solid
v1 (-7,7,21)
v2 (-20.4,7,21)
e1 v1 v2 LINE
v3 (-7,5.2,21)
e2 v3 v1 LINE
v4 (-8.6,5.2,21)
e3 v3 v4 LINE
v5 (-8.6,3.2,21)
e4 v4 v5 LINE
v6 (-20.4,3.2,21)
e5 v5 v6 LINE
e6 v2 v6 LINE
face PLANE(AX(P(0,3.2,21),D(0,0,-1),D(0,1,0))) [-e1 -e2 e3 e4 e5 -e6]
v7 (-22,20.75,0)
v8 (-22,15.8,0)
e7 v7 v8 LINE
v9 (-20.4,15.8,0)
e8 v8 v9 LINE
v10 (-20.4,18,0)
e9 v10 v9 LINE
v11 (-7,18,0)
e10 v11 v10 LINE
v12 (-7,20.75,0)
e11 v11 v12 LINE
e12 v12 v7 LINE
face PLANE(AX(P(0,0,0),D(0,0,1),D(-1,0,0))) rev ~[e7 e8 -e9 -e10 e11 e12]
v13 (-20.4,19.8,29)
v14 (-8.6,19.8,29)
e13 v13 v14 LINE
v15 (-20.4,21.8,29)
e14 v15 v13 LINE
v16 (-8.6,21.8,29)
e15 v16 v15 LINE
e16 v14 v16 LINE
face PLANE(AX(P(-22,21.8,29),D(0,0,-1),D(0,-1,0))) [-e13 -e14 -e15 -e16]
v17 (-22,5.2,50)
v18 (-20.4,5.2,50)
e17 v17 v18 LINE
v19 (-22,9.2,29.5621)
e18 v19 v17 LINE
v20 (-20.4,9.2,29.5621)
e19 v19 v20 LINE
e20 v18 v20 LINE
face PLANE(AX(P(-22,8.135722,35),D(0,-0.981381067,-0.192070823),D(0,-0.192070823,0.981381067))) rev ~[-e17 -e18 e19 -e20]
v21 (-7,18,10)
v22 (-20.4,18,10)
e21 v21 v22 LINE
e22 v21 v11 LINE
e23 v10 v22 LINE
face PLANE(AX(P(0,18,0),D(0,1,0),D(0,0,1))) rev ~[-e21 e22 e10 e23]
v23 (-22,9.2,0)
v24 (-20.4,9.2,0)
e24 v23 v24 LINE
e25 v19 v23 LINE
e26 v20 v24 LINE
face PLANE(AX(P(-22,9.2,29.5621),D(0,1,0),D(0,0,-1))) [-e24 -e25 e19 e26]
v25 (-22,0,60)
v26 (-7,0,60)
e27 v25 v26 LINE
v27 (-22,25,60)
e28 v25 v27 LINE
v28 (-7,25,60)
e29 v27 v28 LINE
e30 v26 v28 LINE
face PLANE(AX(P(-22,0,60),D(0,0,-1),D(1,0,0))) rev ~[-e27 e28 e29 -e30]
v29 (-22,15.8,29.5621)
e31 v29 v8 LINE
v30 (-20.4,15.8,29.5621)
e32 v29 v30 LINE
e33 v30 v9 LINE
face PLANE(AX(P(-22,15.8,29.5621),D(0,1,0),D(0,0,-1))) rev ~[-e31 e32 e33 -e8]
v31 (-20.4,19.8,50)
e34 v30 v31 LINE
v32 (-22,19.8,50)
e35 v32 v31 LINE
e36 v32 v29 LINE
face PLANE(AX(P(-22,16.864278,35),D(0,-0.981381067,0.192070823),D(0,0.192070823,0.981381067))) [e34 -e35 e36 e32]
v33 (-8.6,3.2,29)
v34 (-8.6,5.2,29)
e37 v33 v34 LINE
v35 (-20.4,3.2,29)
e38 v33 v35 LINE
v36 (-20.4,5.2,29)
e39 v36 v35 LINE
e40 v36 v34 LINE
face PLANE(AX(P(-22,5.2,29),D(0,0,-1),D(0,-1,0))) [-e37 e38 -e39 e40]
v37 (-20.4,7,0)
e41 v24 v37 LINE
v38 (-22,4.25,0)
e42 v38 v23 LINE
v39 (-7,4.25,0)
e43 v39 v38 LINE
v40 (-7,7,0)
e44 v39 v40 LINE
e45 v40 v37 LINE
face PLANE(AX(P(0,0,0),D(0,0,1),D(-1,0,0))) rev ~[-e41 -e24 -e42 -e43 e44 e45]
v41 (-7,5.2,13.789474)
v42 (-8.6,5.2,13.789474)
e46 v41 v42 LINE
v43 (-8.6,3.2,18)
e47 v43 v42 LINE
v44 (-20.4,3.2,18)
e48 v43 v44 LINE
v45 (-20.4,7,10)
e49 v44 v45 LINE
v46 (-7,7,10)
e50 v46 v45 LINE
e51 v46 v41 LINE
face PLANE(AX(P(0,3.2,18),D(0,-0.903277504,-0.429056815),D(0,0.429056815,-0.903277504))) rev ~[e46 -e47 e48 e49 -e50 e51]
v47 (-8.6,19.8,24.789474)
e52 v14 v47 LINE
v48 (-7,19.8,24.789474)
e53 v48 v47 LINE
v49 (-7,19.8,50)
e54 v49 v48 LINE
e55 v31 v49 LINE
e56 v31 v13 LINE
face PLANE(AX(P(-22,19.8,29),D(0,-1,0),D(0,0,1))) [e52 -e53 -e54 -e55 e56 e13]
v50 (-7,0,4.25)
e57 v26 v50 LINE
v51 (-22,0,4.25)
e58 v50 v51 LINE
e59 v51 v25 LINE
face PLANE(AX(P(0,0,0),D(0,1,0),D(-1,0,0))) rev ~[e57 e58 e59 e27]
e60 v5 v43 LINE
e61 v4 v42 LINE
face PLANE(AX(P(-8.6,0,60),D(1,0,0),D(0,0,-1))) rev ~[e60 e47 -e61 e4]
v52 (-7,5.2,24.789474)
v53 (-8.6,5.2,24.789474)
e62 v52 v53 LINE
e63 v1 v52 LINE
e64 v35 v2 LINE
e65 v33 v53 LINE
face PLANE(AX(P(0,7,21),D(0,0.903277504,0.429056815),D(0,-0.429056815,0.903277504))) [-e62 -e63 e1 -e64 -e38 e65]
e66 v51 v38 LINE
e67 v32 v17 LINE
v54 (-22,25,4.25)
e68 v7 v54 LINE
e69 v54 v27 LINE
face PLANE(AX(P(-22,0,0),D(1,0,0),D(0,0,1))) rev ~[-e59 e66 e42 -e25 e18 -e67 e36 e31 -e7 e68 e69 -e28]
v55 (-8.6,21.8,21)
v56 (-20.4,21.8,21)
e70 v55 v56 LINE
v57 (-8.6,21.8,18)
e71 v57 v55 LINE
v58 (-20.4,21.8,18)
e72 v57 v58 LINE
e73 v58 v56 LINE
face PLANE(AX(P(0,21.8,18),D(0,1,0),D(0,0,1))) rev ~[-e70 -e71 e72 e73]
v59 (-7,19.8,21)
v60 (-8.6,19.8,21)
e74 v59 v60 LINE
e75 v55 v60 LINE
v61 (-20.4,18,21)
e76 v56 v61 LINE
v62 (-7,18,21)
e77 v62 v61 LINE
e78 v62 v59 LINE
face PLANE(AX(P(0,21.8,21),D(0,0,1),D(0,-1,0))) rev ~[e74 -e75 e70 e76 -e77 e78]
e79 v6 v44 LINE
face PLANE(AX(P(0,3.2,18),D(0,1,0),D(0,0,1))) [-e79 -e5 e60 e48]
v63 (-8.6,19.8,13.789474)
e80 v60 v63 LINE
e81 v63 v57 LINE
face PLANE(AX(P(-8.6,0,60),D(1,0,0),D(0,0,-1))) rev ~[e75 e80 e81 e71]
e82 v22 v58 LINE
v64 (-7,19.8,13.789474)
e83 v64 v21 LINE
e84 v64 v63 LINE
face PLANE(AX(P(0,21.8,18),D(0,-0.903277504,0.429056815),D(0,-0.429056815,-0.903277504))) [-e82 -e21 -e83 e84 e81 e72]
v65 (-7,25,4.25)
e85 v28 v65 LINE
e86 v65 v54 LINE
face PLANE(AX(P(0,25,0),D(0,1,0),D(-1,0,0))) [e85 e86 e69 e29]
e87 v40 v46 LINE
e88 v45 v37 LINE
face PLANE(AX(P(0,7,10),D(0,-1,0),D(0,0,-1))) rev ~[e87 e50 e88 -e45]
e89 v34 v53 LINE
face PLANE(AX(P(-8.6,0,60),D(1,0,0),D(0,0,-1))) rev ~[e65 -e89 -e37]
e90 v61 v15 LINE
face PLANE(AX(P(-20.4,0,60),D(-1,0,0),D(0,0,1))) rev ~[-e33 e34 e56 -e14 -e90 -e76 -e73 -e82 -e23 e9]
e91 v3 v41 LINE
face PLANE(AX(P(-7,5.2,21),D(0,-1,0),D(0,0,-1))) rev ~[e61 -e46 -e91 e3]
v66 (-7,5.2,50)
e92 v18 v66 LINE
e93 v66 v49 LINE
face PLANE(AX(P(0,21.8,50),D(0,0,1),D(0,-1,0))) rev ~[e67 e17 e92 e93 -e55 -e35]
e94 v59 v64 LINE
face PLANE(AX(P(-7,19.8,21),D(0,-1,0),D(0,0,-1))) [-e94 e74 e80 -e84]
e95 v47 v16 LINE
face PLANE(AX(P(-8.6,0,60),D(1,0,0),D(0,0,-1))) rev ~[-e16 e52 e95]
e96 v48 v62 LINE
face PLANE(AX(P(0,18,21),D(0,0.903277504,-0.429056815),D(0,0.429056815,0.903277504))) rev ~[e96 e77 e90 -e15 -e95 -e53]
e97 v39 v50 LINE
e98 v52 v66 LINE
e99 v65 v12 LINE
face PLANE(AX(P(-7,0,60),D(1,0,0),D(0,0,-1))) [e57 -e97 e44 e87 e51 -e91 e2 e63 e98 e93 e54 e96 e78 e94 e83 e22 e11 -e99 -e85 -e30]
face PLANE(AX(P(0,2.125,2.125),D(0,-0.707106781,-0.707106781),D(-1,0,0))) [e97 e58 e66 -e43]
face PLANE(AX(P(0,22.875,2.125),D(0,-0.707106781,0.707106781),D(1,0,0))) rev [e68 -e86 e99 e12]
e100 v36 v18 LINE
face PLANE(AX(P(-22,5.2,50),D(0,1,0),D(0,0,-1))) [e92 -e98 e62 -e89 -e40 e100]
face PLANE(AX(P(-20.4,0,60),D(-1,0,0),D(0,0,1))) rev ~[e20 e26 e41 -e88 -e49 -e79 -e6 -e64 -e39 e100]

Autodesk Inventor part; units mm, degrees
ref_plane "YZ Plane" through (0, 0, 0) normal (1, 0, 0) x (0, 1, 0)
ref_plane "XZ Plane" through (0, 0, 0) normal (0, 1, 0) x (-1, 0, 0)
ref_plane "XY Plane" through (0, 0, 0) normal (0, 0, 1) x (1, 0, 0)
sketch "Эскиз1" plane through (0, 0, 0) normal (0, 1, 0) x (-1, 0, 0)
  line L0 (0, 0) -> (22, 0)
  line L1 (22, 0) -> (22, 60)
  line L2 (22, 60) -> (0, 60)
  line L3 (0, 60) -> (0, 0)
  dimension "d0" = 22
  dimension "d1" = 60
extrude "Выдавливание1" add sketch "Эскиз1" along normal blind 25
sketch "Эскиз2" plane through (0, 0, 60) normal (1, 0, 0) x (0, 0, -1)
  line L0 (60, 25) -> (0, 25) projected
  line L1 (60, 25) -> (60, 21.8)
  line L2 (60, 0) -> (60, 25) projected
  line L3 (60, 21.8) -> (20, 21.8)
  line L4 (60, 0) -> (0, 0) projected
  line L5 (60, 0) -> (60, 3.2)
  line L6 (60, 3.2) -> (20, 3.2)
  line L7 (20, 25) -> (20, 0)
  line L8 (20, 21.8) -> (28, 21.8)
  line L9 (20, 12.5) -> (60, 12.5)
  line L10 (60, 12.5) -> (60, 18)
  line L11 (60, 18) -> (13, 18)
  line L12 (28, 21.8) -> (28, 18)
  line L13 (28, 18) -> (20, 21.8)
  line L14 (28, 21.8) -> (31, 21.8)
  line L15 (31, 21.8) -> (39, 21.8)
  line L16 (39, 21.8) -> (39, 18)
  line L17 (39, 18) -> (31, 21.8)
  line L18 (39, 21.8) -> (42, 21.8)
  line L19 (42, 21.8) -> (50, 21.8)
  line L20 (50, 21.8) -> (50, 18)
  line L21 (42, 21.8) -> (50, 18)
  line L22 (20, 3.2) -> (28, 3.2)
  line L23 (28, 3.2) -> (28, 7)
  line L24 (28, 7) -> (20, 3.2)
  line L25 (31, 3.2) -> (39, 3.2)
  line L26 (39, 3.2) -> (39, 7)
  line L27 (39, 7) -> (31, 3.2)
  line L28 (42, 3.2) -> (50, 3.2)
  line L29 (50, 3.2) -> (50, 7)
  line L30 (42, 3.2) -> (50, 7)
  line L31 (50, 7) -> (63, 7)
  point P0 (22, 21.8)
  point P1 (60, 7)
  dimension "d4" = 3.2
  dimension "d5" = 3.2
  dimension "d6" = 40
  dimension "d7" = 5.5
  dimension "d8" = 8
  dimension "d9" = 8
  dimension "d10" = 3
  dimension "d11" = 8
extrude "Выдавливание2" cut sketch "Эскиз2" against normal through all contours L13 L11 L7 | L2 L9 L7 L11 | L3 L17 L11 L12 | L2 L31 L30 L6 L26 L27 L23 L24 L7 L9 | L11 L16 L3 L21
sketch "Эскиз3" plane through (0, 0, 60) normal (1, 0, 0) x (0, 0, -1)
  line L0 (50, 18) -> (60, 18) projected
  line L1 (60, 18) -> (60, 25) projected
  line L2 (0, 25) -> (60, 25) projected
  line L3 (0, 0) -> (0, 25) projected
  line L4 (0, 0) -> (60, 0) projected
  line L5 (60, 0) -> (60, 7) projected
  line L6 (60, 7) -> (50, 7) projected
  line L7 (50, 7) -> (42, 3.2) projected
  line L8 (42, 3.2) -> (39, 3.2) projected
  line L9 (39, 3.2) -> (39, 7) projected
  line L10 (39, 7) -> (31, 3.2) projected
  line L11 (31, 3.2) -> (28, 3.2) projected
  line L12 (28, 3.2) -> (28, 7) projected
  line L13 (28, 7) -> (20, 3.2) projected
  line L14 (20, 3.2) -> (20, 21.8) projected
  line L15 (20, 21.8) -> (28, 18) projected
  line L16 (28, 18) -> (28, 21.8) projected
  line L17 (28, 21.8) -> (31, 21.8) projected
  line L18 (31, 21.8) -> (39, 18) projected
  line L19 (39, 18) -> (39, 21.8) projected
  line L20 (39, 21.8) -> (42, 21.8) projected
  line L21 (42, 21.8) -> (50, 18) projected
chamfer "Фаска1" distance 4.25 angle 45 2 edges at (-11, 0, 0) (-11, 25, 0)
sketch "Эскиз4" plane through (0, 0, 60) normal (1, 0, 0) x (0, 0, -1)
  line L0 (20, 21.8) -> (28, 18) projected
  line L1 (20, 21.8) -> (31, 21.8)
  line L2 (31, 21.8) -> (31, 16.575)
  line L3 (31, 16.575) -> (20, 16.575)
  line L4 (20, 16.575) -> (20, 21.8)
  line L5 (20, 3.2) -> (20, 21.8) projected
  line L6 (20, 3.2) -> (30, 3.2)
  line L7 (30, 3.2) -> (30, 12)
  line L8 (30, 12) -> (20, 12)
  line L9 (20, 12) -> (20, 3.2)
  line L10 (20, 21.8) -> (10, 21.8)
  line L11 (10, 21.8) -> (10, 3.2)
  line L12 (10, 3.2) -> (20, 3.2)
  line L13 (20, 3.2) -> (20, 21.8)
  point P0 (60, 0)
extrude "Выдавливание3" cut sketch "Эскиз4" against normal through all
sketch "Эскиз5" plane through (0, 0, 60) normal (1, 0, 0) x (0, 0, -1)
  line L0 (31, 3.2) -> (10, 3.2) projected
  line L1 (10, 3.2) -> (10, 21.8) projected
  line L2 (10, 21.8) -> (31, 21.8) projected
  line L3 (31, 21.8) -> (39, 18) projected
  line L4 (39, 18) -> (39, 21.8) projected
  line L5 (39, 21.8) -> (42, 21.8) projected
  line L6 (42, 21.8) -> (50, 18) projected
  line L7 (50, 18) -> (60, 18) projected
  line L8 (60, 18) -> (60, 20.75) projected
  line L9 (55.75, 25) -> (60, 20.75) projected
  line L10 (0, 25) -> (55.75, 25) projected
  line L11 (0, 0) -> (0, 25) projected
  line L12 (0, 0) -> (55.75, 0) projected
  line L13 (60, 4.25) -> (55.75, 0) projected
  line L14 (60, 4.25) -> (60, 7) projected
  line L15 (60, 7) -> (50, 7) projected
  line L16 (50, 7) -> (42, 3.2) projected
  line L17 (42, 3.2) -> (39, 3.2) projected
  line L18 (39, 3.2) -> (39, 7) projected
  line L19 (39, 7) -> (31, 3.2) projected
  point P0 (60, 0)
extrude "Выдавливание4" cut sketch "Эскиз5" against normal blind 7
sketch "Эскиз6" plane through (-22, 0, 60) normal (-1, 0, 0) x (0, 0, 1)
  line L0 (-10, 21.8) -> (-10, 3.2) projected
  line L1 (-10, 3.2) -> (-10, 5.2)
  line L2 (-10, 5.2) -> (-31, 5.2)
  line L3 (-31, 5.2) -> (-31, 3.2)
  line L4 (-10, 3.2) -> (-31, 3.2) projected
  line L5 (-31, 3.2) -> (-39, 7) projected
  line L6 (-39, 7) -> (-39, 3.2) projected
  line L7 (-39, 3.2) -> (-42, 3.2) projected
  line L8 (-42, 3.2) -> (-50, 7) projected
  line L9 (-50, 7) -> (-60, 7) projected
  line L10 (-60, 4.25) -> (-60, 7) projected
  line L11 (-55.75, 0) -> (-60, 4.25) projected
  line L12 (-55.75, 0) -> (0, 0) projected
  line L13 (0, 0) -> (0, 25) projected
  line L14 (-55.75, 25) -> (0, 25) projected
  line L15 (-60, 20.75) -> (-55.75, 25) projected
  line L16 (-60, 18) -> (-60, 20.75) projected
  line L17 (-60, 18) -> (-50, 18) projected
  line L18 (-50, 18) -> (-42, 21.8) projected
  line L19 (-42, 21.8) -> (-39, 21.8) projected
  line L20 (-39, 21.8) -> (-39, 18) projected
  line L21 (-39, 18) -> (-31, 21.8) projected
  line L22 (-31, 21.8) -> (-10, 21.8) projected
  line L23 (-10, 21.8) -> (-10, 3.2) projected
  line L24 (-10, 21.8) -> (-31, 21.8)
  line L25 (-31, 21.8) -> (-31, 19.8)
  line L26 (-31, 19.8) -> (-10, 19.8)
  line L27 (-10, 19.8) -> (-10, 21.8)
  point P0 (-60, 0)
  point P1 (-31, 3.2)
  point P2 (-31, 21.8)
  dimension "d21" = 2
  dimension "d22" = 21
  dimension "d23" = 2
extrude "Выдавливание5" add sketch "Эскиз6" against normal up to surface (15 mm away) contours L0 L26 L25 L22 | L0 L4 L3 L2
sketch "Эскиз7" plane through (-22, 0, 60) normal (-1, 0, 0) x (0, 0, 1)
  line L0 (-10, 19.8) -> (-10, 5.2) projected
  line L1 (-10, 5.2) -> (-25, 5.2)
  line L2 (-25, 5.2) -> (-25, 9.2)
  line L3 (-25, 9.2) -> (-10, 9.2)
  line L4 (-10, 9.2) -> (-10, 5.2)
  line L5 (-10, 19.8) -> (-25, 19.8)
  line L6 (-25, 19.8) -> (-25, 15.8)
  line L7 (-25, 15.8) -> (-10, 15.8)
  line L8 (-10, 15.8) -> (-10, 19.8)
  line L9 (-31, 3.2) -> (-39, 7) projected
  line L10 (-39, 7) -> (-39, 3.2) projected
  line L11 (-39, 3.2) -> (-42, 3.2) projected
  line L12 (-42, 3.2) -> (-50, 7) projected
  line L13 (-50, 7) -> (-60, 7) projected
  line L14 (-60, 4.25) -> (-60, 7) projected
  line L15 (-55.75, 0) -> (-60, 4.25) projected
  line L16 (-55.75, 0) -> (0, 0) projected
  line L17 (0, 0) -> (0, 25) projected
  line L18 (-55.75, 25) -> (0, 25) projected
  line L19 (-60, 20.75) -> (-55.75, 25) projected
  line L20 (-60, 18) -> (-60, 20.75) projected
  line L21 (-60, 18) -> (-50, 18) projected
  line L22 (-50, 18) -> (-42, 21.8) projected
  line L23 (-42, 21.8) -> (-39, 21.8) projected
  line L24 (-39, 21.8) -> (-39, 18) projected
  line L25 (-39, 18) -> (-31, 21.8) projected
  line L26 (-31, 21.8) -> (-31, 19.8) projected
  line L27 (-31, 19.8) -> (-10, 19.8) projected
  line L28 (-10, 19.8) -> (-10, 5.2) projected
  line L29 (-10, 5.2) -> (-31, 5.2) projected
  line L30 (-31, 5.2) -> (-31, 3.2) projected
  line L31 (-60, 18) -> (-60, 7)
  line L32 (-25, 9.2) -> (-60, 9.2)
  line L33 (-25, 15.8) -> (-64.95, 15.8)
  line L34 (-30.4379, 9.2) -> (-10, 5.2)
  line L35 (-30.4379, 15.8) -> (-10, 19.8)
  point P0 (-60, 0)
  point P1 (-25, 19.8)
  point P2 (-25, 5.2)
  point P3 (-25, 5.2)
  point P4 (-60, 15.8)
  point P5 (-25, 19.8)
  dimension "d27" = 4
  dimension "d29" = 4
extrude "Выдавливание6" add sketch "Эскиз7" against normal blind 1.6 contours L35 L6 L5 | L6 L35 L33 L31 L21 L22 L23 L24 L25 L26 L27 | L1 L2 L34 | L29 L30 L9 L10 L11 L12 L13 L31 L32 L34 L2
sketch "Эскиз8" plane through (-7, 0, 60) normal (1, 0, 0) x (0, 0, -1)
  line L0 (31, 19.8) -> (72, 19.8)
  line L1 (31, 5.2) -> (69, 5.2)
  line L2 (50, 7) -> (60, 7) projected
  line L3 (42, 3.2) -> (50, 7) projected
  line L4 (39, 3.2) -> (42, 3.2) projected
  line L5 (39, 7) -> (39, 3.2) projected
  line L6 (31, 3.2) -> (39, 7) projected
  line L7 (31, 3.2) -> (31, 5.2) projected
  line L8 (31, 5.2) -> (10, 5.2) projected
  line L9 (10, 19.8) -> (10, 5.2) projected
  line L10 (10, 19.8) -> (31, 19.8) projected
  line L11 (31, 19.8) -> (31, 21.8) projected
  line L12 (39, 18) -> (31, 21.8) projected
  line L13 (39, 21.8) -> (39, 18) projected
  line L14 (42, 21.8) -> (39, 21.8) projected
  line L15 (50, 18) -> (42, 21.8) projected
  line L16 (60, 18) -> (50, 18) projected
  line L17 (60, 20.75) -> (60, 18) projected
  line L18 (55.75, 25) -> (60, 20.75) projected
  line L19 (0, 25) -> (55.75, 25) projected
  line L20 (0, 0) -> (0, 25) projected
  line L21 (55.75, 0) -> (0, 0) projected
  line L22 (60, 4.25) -> (55.75, 0) projected
  line L23 (60, 7) -> (60, 4.25) projected
  point P0 (60, 0)
  point P1 (46.2105, 5.2)
  point P2 (39, 5.2)
  point P3 (35.2105, 5.2)
  point P4 (35.2105, 19.8)
  point P5 (39, 19.8)
  point P6 (46.2105, 19.8)
extrude "Выдавливание7" add sketch "Эскиз8" against normal blind 1.6 contours L11 L12 L0 | L13 L14 L15 L0 | L1 L6 L7 | L1 L3 L4 L5
properties part number "встав для крюка"
